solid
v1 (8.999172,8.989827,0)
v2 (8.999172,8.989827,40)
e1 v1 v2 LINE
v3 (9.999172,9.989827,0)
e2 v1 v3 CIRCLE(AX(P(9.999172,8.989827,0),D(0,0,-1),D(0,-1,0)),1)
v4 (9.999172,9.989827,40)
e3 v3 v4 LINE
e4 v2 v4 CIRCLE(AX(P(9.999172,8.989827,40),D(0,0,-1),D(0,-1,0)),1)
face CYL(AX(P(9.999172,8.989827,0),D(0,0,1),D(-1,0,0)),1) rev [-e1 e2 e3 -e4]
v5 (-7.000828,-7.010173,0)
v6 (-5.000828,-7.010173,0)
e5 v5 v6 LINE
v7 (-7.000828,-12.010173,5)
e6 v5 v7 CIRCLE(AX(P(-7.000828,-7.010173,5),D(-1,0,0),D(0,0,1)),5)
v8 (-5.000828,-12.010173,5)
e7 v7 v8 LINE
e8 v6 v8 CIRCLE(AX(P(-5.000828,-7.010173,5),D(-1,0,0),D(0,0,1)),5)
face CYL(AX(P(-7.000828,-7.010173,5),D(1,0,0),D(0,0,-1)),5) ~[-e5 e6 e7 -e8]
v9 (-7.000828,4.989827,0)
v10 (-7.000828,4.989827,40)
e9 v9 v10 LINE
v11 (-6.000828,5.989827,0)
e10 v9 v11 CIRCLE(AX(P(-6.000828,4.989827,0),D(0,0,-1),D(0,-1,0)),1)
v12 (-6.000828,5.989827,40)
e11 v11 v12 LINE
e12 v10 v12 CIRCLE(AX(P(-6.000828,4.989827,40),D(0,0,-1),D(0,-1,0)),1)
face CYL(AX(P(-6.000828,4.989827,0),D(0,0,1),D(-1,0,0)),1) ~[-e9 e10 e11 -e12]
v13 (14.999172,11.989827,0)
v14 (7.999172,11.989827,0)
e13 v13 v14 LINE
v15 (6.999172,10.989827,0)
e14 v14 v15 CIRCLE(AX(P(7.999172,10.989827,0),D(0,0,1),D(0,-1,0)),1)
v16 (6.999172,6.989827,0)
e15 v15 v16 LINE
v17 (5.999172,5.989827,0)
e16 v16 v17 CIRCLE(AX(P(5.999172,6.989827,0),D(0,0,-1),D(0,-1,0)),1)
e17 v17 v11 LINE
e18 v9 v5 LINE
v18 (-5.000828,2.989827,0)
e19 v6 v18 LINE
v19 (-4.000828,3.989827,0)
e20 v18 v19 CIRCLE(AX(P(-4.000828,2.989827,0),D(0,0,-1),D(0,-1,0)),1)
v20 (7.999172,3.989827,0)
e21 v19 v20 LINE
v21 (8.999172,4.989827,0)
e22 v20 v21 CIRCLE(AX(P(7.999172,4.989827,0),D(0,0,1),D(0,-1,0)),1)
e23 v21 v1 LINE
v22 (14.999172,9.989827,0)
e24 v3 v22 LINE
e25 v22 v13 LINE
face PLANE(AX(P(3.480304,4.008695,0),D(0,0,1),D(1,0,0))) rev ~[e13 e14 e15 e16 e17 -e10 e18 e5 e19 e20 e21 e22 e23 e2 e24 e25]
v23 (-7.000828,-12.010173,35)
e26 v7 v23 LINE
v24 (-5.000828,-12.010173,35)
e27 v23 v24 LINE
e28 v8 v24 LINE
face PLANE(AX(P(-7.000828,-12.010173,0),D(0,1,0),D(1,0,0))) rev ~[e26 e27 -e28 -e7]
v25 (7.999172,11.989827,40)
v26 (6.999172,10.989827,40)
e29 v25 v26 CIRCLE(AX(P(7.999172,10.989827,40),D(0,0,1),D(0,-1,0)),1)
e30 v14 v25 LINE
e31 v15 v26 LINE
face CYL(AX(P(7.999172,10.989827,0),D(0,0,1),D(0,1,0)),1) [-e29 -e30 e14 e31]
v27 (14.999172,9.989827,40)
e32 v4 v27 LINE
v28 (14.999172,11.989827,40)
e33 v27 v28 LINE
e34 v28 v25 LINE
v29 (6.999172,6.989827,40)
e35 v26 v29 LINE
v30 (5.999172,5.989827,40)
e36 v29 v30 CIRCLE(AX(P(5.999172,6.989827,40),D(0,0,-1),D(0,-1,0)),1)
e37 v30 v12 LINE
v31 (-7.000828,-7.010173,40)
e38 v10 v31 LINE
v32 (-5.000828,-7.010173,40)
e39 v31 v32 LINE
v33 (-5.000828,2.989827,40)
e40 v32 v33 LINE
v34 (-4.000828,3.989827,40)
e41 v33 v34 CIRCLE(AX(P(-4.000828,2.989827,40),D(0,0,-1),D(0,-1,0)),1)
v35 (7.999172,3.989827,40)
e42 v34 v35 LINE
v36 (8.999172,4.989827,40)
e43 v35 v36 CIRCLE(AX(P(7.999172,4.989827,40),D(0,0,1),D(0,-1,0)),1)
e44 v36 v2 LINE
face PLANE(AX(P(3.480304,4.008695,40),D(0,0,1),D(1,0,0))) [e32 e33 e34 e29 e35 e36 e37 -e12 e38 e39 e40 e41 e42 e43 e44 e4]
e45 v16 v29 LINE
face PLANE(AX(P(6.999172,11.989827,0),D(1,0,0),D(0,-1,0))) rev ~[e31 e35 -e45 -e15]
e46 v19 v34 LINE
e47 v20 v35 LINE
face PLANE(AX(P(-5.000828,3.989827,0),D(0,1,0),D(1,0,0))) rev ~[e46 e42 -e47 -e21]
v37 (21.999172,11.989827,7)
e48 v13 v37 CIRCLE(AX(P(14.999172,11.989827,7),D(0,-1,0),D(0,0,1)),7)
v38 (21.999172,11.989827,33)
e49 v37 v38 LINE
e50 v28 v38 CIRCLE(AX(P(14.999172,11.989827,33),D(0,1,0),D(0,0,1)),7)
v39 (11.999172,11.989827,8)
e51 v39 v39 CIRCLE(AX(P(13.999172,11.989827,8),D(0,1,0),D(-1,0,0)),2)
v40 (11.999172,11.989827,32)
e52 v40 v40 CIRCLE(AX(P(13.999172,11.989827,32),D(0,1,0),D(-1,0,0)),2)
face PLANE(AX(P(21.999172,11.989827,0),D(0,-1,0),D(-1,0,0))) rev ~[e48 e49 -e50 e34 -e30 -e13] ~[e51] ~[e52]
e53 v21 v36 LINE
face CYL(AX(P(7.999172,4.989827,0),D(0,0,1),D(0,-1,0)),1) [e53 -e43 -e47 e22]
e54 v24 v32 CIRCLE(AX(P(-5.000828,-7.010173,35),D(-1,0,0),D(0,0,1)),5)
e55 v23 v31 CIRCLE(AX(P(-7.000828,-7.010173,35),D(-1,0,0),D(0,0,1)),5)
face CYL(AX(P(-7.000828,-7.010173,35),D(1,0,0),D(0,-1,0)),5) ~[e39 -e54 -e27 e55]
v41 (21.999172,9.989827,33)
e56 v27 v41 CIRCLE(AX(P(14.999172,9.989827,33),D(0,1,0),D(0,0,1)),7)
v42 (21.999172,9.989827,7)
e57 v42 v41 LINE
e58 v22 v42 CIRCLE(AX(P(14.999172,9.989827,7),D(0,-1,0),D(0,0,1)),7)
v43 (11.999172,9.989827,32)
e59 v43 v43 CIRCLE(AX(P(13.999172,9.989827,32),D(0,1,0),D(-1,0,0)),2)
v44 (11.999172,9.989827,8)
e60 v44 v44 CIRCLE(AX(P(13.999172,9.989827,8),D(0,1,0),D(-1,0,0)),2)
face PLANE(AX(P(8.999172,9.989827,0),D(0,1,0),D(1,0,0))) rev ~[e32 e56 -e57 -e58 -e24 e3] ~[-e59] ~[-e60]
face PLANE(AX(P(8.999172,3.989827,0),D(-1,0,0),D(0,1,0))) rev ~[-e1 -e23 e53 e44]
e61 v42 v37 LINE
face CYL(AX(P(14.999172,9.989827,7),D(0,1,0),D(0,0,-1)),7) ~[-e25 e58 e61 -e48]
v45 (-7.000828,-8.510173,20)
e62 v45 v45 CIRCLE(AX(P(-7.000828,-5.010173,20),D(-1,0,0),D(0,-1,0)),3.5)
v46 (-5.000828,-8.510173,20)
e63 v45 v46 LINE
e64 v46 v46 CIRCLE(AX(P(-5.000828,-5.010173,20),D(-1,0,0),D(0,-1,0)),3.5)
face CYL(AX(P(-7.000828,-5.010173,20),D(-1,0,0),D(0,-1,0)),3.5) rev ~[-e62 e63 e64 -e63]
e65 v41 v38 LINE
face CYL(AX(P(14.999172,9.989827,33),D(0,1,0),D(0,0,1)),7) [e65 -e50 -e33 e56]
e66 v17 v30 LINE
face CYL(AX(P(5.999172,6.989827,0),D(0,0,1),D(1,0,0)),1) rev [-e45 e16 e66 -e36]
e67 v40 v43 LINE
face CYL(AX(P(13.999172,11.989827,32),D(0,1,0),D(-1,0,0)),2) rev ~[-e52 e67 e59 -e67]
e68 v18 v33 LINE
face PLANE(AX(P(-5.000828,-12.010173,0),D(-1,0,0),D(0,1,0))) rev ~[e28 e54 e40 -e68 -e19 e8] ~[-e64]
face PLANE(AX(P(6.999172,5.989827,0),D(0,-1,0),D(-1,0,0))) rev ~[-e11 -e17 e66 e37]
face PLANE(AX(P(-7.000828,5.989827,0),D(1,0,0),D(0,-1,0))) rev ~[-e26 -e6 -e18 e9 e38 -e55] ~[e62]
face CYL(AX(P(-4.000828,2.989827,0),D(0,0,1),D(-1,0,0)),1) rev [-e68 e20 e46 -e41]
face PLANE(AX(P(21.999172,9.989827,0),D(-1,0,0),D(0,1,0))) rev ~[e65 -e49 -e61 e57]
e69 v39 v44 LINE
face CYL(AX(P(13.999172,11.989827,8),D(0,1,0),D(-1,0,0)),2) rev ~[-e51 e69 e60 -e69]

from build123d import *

# Parameters (mm, degrees)
F1_DEPTH = 40
F2_R     = 1
F3_R     = 5
F4_R     = 3.5
F5_DEPTH = 25
F6_R     = 2
F7_DEPTH = 25
F8_R     = 7


with BuildPart() as f1:
    # F0 (on Top) → F1 (new body)
    with BuildSketch(Plane.XY):
        Polygon((-5.000828, 5.989827), (-7.000828, 5.989827), (-7.000828, -12.010173), (-5.000828, -12.010173), (-5.000828, 3.989827), (6.999172, 3.989827), (8.999172, 3.989827), (8.999172, 9.989827), (21.999172, 9.989827), (21.999172, 11.989827), (8.999172, 11.989827), (6.999172, 11.989827), (6.999172, 9.989827), (6.999172, 5.989827), align=None)
    extrude(amount=F1_DEPTH)

    # F2
    f2_edges = [f1.edges().sort_by_distance(p)[0] for p in [
        (-7.000828, 5.989827, 20),
        (6.999172, 11.989827, 20),
        (-5.000828, 3.989827, 20),
        (8.999172, 9.989827, 20),
        (8.999172, 3.989827, 20),
        (6.999172, 5.989827, 20),
    ]]
    fillet(f2_edges, radius=F2_R)

    # F3
    f3_edges = [f1.edges().sort_by_distance(p)[0] for p in [
        (-6.000828, -12.010173, 0),
        (-6.000828, -12.010173, 40),
    ]]
    fillet(f3_edges, radius=F3_R)

    # F4 (on face) → F5 (cut)
    with BuildSketch(Plane(origin=(-7.000828, 0, 0), x_dir=(0, -1, 0), z_dir=(-1, 0, 0))):
        with Locations((5.010173, 20)):
            Circle(F4_R)
    extrude(amount=-F5_DEPTH, mode=Mode.SUBTRACT)

    # F6 (on face) → F7 (cut)
    with BuildSketch(Plane(origin=(0, 11.989827, 0), x_dir=(-1, 0, 0), z_dir=(0, 1, 0))):
        with Locations((-13.999172, 8)):
            Circle(F6_R)
        with Locations((-13.999172, 32)):
            Circle(F6_R)
    extrude(amount=-F7_DEPTH, mode=Mode.SUBTRACT)

    # F8
    f8_edges = [f1.edges().sort_by_distance(p)[0] for p in [
        (21.999172, 10.989827, 0),
        (21.999172, 10.989827, 40),
    ]]
    fillet(f8_edges, radius=F8_R)


solid = f1.part
